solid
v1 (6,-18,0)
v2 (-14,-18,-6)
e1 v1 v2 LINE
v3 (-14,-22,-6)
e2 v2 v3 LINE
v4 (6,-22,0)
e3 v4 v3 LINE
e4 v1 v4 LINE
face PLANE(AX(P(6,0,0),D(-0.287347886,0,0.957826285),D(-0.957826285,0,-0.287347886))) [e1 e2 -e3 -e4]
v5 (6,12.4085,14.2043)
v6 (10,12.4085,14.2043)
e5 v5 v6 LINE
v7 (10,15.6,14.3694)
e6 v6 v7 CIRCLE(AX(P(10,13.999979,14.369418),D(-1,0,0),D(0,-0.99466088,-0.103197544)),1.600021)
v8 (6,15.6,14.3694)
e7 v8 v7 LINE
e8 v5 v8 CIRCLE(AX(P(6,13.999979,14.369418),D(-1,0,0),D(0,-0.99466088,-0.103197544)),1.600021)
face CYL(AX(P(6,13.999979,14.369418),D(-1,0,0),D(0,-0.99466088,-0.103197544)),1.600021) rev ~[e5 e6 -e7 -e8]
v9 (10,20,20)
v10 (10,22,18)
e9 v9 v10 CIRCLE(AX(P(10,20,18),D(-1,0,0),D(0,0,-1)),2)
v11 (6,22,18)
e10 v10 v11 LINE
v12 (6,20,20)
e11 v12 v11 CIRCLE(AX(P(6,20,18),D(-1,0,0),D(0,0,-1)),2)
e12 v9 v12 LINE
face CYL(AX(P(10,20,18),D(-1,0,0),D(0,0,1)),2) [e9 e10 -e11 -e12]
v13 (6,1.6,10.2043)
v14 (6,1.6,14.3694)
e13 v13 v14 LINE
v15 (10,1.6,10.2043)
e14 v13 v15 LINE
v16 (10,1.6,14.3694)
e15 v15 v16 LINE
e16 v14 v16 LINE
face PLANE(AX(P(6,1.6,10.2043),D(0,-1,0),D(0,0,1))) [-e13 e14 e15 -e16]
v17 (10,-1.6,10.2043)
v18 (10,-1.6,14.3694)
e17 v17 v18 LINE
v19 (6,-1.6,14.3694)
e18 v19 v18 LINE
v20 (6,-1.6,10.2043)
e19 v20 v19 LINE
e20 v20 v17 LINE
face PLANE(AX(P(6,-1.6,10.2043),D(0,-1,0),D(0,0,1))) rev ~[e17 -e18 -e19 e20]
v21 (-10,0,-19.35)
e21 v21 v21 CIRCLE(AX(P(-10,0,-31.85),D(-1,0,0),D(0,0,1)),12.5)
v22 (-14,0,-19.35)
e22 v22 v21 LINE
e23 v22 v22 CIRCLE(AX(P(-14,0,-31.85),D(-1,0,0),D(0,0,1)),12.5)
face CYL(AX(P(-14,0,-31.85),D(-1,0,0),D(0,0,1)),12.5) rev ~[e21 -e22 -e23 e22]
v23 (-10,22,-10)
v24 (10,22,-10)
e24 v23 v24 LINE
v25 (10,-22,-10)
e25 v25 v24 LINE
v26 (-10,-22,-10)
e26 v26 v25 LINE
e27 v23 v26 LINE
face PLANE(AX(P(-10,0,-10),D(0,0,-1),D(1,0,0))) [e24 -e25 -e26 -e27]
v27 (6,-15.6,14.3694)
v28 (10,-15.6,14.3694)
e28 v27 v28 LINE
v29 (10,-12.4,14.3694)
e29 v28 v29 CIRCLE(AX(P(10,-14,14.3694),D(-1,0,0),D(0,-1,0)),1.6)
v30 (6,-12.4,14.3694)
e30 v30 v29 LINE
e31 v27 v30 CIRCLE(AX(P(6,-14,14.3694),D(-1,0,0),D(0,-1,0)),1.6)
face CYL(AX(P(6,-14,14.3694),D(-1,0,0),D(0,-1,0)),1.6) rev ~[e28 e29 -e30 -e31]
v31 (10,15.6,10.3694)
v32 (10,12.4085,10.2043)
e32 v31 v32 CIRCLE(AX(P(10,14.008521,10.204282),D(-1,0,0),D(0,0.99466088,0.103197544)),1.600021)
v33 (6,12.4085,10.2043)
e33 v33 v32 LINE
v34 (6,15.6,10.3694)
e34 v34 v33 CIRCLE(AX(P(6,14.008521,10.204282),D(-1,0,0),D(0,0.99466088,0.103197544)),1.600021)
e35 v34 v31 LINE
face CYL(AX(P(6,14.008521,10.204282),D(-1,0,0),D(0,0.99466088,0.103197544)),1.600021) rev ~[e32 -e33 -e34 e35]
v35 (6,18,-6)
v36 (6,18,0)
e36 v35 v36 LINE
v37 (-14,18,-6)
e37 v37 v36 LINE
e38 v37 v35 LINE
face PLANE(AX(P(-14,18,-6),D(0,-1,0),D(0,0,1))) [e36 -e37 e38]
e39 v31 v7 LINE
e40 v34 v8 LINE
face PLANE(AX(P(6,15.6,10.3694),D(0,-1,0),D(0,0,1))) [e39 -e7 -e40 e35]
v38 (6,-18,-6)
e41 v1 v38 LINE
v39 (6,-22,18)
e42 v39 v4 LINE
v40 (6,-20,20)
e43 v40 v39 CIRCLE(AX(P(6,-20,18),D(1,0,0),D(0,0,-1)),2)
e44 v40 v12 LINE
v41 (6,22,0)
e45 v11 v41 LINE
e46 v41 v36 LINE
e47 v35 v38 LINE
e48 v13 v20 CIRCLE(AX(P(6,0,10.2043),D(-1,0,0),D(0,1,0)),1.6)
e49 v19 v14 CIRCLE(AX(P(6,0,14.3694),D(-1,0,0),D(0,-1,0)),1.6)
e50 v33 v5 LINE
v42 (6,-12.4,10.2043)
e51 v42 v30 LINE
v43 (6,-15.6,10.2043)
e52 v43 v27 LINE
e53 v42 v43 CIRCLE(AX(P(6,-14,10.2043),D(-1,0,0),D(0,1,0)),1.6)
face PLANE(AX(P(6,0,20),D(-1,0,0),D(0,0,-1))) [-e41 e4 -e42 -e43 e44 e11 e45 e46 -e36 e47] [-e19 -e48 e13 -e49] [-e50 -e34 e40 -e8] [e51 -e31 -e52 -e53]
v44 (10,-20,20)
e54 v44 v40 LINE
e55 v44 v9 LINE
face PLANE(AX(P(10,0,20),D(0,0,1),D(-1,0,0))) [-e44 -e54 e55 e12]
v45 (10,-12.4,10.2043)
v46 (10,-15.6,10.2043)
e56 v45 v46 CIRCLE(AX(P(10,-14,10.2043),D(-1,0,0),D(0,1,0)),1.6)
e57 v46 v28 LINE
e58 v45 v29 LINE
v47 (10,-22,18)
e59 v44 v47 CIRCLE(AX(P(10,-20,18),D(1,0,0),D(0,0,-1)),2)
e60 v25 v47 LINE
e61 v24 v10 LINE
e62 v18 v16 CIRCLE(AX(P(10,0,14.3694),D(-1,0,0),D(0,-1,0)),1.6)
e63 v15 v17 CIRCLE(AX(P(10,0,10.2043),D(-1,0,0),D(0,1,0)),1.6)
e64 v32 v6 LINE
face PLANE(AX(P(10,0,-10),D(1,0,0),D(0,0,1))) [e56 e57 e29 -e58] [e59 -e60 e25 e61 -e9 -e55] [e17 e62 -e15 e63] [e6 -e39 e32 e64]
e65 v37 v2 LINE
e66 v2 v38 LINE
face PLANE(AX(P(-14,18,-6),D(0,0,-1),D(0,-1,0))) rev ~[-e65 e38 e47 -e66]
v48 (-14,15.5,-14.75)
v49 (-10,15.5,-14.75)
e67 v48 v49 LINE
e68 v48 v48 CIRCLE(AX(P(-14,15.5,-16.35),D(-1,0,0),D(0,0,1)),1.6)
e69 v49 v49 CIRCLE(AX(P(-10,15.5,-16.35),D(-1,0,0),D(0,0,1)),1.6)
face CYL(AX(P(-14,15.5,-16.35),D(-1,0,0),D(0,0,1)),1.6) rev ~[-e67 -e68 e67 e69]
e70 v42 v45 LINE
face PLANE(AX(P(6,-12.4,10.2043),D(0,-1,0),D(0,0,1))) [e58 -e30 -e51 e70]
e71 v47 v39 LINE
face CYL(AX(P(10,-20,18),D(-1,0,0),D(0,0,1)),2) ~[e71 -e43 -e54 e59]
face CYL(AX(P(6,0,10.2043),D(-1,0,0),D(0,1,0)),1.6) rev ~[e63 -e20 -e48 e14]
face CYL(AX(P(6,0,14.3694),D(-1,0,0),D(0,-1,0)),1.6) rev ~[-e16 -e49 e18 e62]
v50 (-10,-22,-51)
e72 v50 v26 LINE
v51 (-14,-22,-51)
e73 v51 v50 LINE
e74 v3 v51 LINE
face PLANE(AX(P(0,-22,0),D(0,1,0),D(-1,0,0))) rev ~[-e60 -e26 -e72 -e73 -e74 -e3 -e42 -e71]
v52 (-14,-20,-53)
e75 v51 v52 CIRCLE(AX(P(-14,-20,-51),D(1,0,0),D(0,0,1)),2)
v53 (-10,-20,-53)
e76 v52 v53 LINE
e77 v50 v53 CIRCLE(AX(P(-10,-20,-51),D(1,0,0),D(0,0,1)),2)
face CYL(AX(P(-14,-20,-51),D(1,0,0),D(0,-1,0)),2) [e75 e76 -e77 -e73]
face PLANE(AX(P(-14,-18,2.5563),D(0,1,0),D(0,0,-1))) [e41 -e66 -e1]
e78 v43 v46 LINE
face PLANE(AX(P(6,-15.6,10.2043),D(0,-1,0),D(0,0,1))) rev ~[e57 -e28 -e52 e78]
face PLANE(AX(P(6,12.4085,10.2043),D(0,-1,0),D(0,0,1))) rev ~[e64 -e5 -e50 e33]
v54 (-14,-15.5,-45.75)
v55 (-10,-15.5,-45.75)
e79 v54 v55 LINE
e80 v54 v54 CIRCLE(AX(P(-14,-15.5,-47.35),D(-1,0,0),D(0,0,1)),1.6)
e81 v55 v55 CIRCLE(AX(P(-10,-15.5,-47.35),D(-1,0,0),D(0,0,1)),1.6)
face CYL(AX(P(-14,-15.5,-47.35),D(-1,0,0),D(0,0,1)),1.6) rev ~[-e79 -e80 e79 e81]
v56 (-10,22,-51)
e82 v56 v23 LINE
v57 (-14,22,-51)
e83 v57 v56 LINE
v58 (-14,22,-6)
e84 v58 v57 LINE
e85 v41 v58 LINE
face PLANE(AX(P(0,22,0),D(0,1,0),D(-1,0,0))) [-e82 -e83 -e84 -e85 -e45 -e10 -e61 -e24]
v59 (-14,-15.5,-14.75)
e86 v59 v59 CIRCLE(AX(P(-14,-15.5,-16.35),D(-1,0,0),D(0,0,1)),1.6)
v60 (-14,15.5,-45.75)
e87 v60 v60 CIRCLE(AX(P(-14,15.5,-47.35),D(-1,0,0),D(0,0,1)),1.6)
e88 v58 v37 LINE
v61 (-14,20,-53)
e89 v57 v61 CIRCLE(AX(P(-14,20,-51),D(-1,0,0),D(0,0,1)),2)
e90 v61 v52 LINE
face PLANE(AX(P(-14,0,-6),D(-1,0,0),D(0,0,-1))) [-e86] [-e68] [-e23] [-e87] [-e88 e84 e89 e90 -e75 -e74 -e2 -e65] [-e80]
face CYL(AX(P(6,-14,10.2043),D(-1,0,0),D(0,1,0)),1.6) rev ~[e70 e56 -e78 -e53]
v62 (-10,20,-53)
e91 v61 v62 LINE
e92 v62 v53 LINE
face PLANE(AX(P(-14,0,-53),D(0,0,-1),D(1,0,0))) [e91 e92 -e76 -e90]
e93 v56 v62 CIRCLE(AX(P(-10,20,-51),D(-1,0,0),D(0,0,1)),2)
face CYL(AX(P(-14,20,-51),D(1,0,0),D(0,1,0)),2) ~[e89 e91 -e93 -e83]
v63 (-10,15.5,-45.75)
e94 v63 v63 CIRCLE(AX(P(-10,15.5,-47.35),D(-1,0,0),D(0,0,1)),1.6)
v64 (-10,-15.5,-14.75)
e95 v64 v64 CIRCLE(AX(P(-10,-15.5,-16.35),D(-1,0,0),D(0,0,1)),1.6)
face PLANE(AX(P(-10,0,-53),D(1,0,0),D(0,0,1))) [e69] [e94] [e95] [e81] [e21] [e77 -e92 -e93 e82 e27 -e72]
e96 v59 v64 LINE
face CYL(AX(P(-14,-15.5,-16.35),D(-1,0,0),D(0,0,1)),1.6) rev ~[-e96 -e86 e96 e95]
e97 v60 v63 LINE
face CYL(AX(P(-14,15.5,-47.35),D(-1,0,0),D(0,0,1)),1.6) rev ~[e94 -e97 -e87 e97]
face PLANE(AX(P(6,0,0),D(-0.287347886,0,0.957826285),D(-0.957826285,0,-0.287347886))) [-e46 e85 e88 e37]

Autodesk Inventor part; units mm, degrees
ref_plane "YZ Plane" through (0, 0, 0) normal (1, 0, 0) x (0, 1, 0)
ref_plane "XZ Plane" through (0, 0, 0) normal (0, 1, 0) x (-1, 0, 0)
ref_plane "XY Plane" through (0, 0, 0) normal (0, 0, 1) x (1, 0, 0)
sketch "Sketch1" plane through (0, 0, 0) normal (0, 1, 0) x (-1, 0, 0)
  line L0 (-6, 20) -> (-6, 0)
  line L1 (-6, 0) -> (14, -6)
  line L2 (14, -6) -> (14, -53)
  line L3 (14, -53) -> (10, -53)
  line L4 (10, -53) -> (10, -10)
  line L5 (-10, -10) -> (-10, 20)
  line L6 (-10, 20) -> (-6, 20)
  line L7 (10, -10) -> (-10, -10)
  point P0 (0, 0)
  point P1 (0, -10)
  dimension "d0" = 20
  dimension "d1" = 43
  dimension "d2" = 4
  dimension "d3" = 4
  dimension "d4" = 30
  dimension "d5" = 20
  dimension "d6" = 4
extrude "Extrusion1" add sketch "Sketch1" along normal mid plane 44
sketch "Sketch2" plane through (-14, -22, -6) normal (-1, 0, 0) x (0, 0, 1)
  line L0 (0, 44) -> (0, 0) projected
  line L1 (-47, 44) -> (0, 44) projected
  line L2 (-47, 44) -> (-47, 0) projected
  line L3 (0, 0) -> (-47, 0) projected
  circle A0 centre (-25.85, 22) radius 12.5
  circle A1 centre (-41.35, 37.5) radius 1.6
  circle A2 centre (-41.35, 6.5) radius 1.6
  circle A3 centre (-10.35, 37.5) radius 1.6
  circle A4 centre (-10.35, 6.5) radius 1.6
  point P0 (6, 22)
  point P1 (-47, 22)
  dimension "d9" = 3.2
  dimension "d10" = 25
  dimension "d11" = 21.15
  dimension "d12" = 31
  dimension "d13" = 31
  dimension "d14" = 15.5
  dimension "d15" = 15.5
extrude "Extrusion2" cut sketch "Sketch2" against normal up to next contours A0 | A1 | A2 | A3 | A4
sketch "Sketch3" plane through (6, -22, 20) normal (-1, 0, 0) x (0, 0, 1)
  arc A0 (-5.7957, 34.4085) -> (-5.6306, 37.6) centre (-5.6306, 36) ccw
  arc A1 (-9.6306, 37.6) -> (-9.7957, 34.4085) centre (-9.7957, 36.0085) ccw
  arc A2 (-5.6306, 20.4) -> (-5.6306, 23.6) centre (-5.6306, 22) ccw
  arc A3 (-9.7957, 23.6) -> (-9.7957, 20.4) centre (-9.7957, 22) ccw
  arc A4 (-5.6306, 6.4) -> (-5.6306, 9.6) centre (-5.6306, 8) ccw
  arc A5 (-9.7957, 9.6) -> (-9.7957, 6.4) centre (-9.7957, 8) ccw
  line L0 (-9.6306, 37.6) -> (-5.6306, 37.6)
  line L1 (-9.7957, 34.4085) -> (-5.7957, 34.4085)
  line L2 (-9.7957, 23.6) -> (-5.6306, 23.6)
  line L3 (-9.7957, 20.4) -> (-5.6306, 20.4)
  line L4 (-9.7957, 9.6) -> (-5.6306, 9.6)
  line L5 (-9.7957, 6.4) -> (-5.6306, 6.4)
  line L6 (-20, 44) -> (0, 44) projected
  line L7 (0, 0) -> (-20, 0) projected
  line L8 (-5.6306, 36) -> (-5.6306, 8) construction
  point P0 (-20, 22)
  dimension "d18" = 3.2
  dimension "d19" = 4
  dimension "d20" = 8
  dimension "d21" = 8
extrude "Extrusion3" cut sketch "Sketch3" against normal up to next
sketch "Sketch4" plane through (-14, -22, -6) normal (-1, 0, 0) x (0, 0, 1)
  line L0 (0, 44) -> (0, 0) projected
  line L1 (0, 40) -> (8.5563, 40)
  line L2 (8.5563, 40) -> (8.5563, 4)
  line L3 (8.5563, 4) -> (0, 4)
  line L4 (0, 4) -> (0, 40)
  point P0 (6, 22)
  dimension "d26" = 4
  dimension "d27" = 4
extrude "Extrusion4" cut sketch "Sketch4" against normal up to surface (20 mm away)
fillet "Fillet1" radius 2 4 edges at (-12, 22, -53) (-12, -22, -53) (8, -22, 20) (8, 22, 20)
equation "\"d14\" = 0.5 * d13"
equation "\"d15\" = 0.5 * d12"
properties part number "nema17-mount-bottom-z-axis"
